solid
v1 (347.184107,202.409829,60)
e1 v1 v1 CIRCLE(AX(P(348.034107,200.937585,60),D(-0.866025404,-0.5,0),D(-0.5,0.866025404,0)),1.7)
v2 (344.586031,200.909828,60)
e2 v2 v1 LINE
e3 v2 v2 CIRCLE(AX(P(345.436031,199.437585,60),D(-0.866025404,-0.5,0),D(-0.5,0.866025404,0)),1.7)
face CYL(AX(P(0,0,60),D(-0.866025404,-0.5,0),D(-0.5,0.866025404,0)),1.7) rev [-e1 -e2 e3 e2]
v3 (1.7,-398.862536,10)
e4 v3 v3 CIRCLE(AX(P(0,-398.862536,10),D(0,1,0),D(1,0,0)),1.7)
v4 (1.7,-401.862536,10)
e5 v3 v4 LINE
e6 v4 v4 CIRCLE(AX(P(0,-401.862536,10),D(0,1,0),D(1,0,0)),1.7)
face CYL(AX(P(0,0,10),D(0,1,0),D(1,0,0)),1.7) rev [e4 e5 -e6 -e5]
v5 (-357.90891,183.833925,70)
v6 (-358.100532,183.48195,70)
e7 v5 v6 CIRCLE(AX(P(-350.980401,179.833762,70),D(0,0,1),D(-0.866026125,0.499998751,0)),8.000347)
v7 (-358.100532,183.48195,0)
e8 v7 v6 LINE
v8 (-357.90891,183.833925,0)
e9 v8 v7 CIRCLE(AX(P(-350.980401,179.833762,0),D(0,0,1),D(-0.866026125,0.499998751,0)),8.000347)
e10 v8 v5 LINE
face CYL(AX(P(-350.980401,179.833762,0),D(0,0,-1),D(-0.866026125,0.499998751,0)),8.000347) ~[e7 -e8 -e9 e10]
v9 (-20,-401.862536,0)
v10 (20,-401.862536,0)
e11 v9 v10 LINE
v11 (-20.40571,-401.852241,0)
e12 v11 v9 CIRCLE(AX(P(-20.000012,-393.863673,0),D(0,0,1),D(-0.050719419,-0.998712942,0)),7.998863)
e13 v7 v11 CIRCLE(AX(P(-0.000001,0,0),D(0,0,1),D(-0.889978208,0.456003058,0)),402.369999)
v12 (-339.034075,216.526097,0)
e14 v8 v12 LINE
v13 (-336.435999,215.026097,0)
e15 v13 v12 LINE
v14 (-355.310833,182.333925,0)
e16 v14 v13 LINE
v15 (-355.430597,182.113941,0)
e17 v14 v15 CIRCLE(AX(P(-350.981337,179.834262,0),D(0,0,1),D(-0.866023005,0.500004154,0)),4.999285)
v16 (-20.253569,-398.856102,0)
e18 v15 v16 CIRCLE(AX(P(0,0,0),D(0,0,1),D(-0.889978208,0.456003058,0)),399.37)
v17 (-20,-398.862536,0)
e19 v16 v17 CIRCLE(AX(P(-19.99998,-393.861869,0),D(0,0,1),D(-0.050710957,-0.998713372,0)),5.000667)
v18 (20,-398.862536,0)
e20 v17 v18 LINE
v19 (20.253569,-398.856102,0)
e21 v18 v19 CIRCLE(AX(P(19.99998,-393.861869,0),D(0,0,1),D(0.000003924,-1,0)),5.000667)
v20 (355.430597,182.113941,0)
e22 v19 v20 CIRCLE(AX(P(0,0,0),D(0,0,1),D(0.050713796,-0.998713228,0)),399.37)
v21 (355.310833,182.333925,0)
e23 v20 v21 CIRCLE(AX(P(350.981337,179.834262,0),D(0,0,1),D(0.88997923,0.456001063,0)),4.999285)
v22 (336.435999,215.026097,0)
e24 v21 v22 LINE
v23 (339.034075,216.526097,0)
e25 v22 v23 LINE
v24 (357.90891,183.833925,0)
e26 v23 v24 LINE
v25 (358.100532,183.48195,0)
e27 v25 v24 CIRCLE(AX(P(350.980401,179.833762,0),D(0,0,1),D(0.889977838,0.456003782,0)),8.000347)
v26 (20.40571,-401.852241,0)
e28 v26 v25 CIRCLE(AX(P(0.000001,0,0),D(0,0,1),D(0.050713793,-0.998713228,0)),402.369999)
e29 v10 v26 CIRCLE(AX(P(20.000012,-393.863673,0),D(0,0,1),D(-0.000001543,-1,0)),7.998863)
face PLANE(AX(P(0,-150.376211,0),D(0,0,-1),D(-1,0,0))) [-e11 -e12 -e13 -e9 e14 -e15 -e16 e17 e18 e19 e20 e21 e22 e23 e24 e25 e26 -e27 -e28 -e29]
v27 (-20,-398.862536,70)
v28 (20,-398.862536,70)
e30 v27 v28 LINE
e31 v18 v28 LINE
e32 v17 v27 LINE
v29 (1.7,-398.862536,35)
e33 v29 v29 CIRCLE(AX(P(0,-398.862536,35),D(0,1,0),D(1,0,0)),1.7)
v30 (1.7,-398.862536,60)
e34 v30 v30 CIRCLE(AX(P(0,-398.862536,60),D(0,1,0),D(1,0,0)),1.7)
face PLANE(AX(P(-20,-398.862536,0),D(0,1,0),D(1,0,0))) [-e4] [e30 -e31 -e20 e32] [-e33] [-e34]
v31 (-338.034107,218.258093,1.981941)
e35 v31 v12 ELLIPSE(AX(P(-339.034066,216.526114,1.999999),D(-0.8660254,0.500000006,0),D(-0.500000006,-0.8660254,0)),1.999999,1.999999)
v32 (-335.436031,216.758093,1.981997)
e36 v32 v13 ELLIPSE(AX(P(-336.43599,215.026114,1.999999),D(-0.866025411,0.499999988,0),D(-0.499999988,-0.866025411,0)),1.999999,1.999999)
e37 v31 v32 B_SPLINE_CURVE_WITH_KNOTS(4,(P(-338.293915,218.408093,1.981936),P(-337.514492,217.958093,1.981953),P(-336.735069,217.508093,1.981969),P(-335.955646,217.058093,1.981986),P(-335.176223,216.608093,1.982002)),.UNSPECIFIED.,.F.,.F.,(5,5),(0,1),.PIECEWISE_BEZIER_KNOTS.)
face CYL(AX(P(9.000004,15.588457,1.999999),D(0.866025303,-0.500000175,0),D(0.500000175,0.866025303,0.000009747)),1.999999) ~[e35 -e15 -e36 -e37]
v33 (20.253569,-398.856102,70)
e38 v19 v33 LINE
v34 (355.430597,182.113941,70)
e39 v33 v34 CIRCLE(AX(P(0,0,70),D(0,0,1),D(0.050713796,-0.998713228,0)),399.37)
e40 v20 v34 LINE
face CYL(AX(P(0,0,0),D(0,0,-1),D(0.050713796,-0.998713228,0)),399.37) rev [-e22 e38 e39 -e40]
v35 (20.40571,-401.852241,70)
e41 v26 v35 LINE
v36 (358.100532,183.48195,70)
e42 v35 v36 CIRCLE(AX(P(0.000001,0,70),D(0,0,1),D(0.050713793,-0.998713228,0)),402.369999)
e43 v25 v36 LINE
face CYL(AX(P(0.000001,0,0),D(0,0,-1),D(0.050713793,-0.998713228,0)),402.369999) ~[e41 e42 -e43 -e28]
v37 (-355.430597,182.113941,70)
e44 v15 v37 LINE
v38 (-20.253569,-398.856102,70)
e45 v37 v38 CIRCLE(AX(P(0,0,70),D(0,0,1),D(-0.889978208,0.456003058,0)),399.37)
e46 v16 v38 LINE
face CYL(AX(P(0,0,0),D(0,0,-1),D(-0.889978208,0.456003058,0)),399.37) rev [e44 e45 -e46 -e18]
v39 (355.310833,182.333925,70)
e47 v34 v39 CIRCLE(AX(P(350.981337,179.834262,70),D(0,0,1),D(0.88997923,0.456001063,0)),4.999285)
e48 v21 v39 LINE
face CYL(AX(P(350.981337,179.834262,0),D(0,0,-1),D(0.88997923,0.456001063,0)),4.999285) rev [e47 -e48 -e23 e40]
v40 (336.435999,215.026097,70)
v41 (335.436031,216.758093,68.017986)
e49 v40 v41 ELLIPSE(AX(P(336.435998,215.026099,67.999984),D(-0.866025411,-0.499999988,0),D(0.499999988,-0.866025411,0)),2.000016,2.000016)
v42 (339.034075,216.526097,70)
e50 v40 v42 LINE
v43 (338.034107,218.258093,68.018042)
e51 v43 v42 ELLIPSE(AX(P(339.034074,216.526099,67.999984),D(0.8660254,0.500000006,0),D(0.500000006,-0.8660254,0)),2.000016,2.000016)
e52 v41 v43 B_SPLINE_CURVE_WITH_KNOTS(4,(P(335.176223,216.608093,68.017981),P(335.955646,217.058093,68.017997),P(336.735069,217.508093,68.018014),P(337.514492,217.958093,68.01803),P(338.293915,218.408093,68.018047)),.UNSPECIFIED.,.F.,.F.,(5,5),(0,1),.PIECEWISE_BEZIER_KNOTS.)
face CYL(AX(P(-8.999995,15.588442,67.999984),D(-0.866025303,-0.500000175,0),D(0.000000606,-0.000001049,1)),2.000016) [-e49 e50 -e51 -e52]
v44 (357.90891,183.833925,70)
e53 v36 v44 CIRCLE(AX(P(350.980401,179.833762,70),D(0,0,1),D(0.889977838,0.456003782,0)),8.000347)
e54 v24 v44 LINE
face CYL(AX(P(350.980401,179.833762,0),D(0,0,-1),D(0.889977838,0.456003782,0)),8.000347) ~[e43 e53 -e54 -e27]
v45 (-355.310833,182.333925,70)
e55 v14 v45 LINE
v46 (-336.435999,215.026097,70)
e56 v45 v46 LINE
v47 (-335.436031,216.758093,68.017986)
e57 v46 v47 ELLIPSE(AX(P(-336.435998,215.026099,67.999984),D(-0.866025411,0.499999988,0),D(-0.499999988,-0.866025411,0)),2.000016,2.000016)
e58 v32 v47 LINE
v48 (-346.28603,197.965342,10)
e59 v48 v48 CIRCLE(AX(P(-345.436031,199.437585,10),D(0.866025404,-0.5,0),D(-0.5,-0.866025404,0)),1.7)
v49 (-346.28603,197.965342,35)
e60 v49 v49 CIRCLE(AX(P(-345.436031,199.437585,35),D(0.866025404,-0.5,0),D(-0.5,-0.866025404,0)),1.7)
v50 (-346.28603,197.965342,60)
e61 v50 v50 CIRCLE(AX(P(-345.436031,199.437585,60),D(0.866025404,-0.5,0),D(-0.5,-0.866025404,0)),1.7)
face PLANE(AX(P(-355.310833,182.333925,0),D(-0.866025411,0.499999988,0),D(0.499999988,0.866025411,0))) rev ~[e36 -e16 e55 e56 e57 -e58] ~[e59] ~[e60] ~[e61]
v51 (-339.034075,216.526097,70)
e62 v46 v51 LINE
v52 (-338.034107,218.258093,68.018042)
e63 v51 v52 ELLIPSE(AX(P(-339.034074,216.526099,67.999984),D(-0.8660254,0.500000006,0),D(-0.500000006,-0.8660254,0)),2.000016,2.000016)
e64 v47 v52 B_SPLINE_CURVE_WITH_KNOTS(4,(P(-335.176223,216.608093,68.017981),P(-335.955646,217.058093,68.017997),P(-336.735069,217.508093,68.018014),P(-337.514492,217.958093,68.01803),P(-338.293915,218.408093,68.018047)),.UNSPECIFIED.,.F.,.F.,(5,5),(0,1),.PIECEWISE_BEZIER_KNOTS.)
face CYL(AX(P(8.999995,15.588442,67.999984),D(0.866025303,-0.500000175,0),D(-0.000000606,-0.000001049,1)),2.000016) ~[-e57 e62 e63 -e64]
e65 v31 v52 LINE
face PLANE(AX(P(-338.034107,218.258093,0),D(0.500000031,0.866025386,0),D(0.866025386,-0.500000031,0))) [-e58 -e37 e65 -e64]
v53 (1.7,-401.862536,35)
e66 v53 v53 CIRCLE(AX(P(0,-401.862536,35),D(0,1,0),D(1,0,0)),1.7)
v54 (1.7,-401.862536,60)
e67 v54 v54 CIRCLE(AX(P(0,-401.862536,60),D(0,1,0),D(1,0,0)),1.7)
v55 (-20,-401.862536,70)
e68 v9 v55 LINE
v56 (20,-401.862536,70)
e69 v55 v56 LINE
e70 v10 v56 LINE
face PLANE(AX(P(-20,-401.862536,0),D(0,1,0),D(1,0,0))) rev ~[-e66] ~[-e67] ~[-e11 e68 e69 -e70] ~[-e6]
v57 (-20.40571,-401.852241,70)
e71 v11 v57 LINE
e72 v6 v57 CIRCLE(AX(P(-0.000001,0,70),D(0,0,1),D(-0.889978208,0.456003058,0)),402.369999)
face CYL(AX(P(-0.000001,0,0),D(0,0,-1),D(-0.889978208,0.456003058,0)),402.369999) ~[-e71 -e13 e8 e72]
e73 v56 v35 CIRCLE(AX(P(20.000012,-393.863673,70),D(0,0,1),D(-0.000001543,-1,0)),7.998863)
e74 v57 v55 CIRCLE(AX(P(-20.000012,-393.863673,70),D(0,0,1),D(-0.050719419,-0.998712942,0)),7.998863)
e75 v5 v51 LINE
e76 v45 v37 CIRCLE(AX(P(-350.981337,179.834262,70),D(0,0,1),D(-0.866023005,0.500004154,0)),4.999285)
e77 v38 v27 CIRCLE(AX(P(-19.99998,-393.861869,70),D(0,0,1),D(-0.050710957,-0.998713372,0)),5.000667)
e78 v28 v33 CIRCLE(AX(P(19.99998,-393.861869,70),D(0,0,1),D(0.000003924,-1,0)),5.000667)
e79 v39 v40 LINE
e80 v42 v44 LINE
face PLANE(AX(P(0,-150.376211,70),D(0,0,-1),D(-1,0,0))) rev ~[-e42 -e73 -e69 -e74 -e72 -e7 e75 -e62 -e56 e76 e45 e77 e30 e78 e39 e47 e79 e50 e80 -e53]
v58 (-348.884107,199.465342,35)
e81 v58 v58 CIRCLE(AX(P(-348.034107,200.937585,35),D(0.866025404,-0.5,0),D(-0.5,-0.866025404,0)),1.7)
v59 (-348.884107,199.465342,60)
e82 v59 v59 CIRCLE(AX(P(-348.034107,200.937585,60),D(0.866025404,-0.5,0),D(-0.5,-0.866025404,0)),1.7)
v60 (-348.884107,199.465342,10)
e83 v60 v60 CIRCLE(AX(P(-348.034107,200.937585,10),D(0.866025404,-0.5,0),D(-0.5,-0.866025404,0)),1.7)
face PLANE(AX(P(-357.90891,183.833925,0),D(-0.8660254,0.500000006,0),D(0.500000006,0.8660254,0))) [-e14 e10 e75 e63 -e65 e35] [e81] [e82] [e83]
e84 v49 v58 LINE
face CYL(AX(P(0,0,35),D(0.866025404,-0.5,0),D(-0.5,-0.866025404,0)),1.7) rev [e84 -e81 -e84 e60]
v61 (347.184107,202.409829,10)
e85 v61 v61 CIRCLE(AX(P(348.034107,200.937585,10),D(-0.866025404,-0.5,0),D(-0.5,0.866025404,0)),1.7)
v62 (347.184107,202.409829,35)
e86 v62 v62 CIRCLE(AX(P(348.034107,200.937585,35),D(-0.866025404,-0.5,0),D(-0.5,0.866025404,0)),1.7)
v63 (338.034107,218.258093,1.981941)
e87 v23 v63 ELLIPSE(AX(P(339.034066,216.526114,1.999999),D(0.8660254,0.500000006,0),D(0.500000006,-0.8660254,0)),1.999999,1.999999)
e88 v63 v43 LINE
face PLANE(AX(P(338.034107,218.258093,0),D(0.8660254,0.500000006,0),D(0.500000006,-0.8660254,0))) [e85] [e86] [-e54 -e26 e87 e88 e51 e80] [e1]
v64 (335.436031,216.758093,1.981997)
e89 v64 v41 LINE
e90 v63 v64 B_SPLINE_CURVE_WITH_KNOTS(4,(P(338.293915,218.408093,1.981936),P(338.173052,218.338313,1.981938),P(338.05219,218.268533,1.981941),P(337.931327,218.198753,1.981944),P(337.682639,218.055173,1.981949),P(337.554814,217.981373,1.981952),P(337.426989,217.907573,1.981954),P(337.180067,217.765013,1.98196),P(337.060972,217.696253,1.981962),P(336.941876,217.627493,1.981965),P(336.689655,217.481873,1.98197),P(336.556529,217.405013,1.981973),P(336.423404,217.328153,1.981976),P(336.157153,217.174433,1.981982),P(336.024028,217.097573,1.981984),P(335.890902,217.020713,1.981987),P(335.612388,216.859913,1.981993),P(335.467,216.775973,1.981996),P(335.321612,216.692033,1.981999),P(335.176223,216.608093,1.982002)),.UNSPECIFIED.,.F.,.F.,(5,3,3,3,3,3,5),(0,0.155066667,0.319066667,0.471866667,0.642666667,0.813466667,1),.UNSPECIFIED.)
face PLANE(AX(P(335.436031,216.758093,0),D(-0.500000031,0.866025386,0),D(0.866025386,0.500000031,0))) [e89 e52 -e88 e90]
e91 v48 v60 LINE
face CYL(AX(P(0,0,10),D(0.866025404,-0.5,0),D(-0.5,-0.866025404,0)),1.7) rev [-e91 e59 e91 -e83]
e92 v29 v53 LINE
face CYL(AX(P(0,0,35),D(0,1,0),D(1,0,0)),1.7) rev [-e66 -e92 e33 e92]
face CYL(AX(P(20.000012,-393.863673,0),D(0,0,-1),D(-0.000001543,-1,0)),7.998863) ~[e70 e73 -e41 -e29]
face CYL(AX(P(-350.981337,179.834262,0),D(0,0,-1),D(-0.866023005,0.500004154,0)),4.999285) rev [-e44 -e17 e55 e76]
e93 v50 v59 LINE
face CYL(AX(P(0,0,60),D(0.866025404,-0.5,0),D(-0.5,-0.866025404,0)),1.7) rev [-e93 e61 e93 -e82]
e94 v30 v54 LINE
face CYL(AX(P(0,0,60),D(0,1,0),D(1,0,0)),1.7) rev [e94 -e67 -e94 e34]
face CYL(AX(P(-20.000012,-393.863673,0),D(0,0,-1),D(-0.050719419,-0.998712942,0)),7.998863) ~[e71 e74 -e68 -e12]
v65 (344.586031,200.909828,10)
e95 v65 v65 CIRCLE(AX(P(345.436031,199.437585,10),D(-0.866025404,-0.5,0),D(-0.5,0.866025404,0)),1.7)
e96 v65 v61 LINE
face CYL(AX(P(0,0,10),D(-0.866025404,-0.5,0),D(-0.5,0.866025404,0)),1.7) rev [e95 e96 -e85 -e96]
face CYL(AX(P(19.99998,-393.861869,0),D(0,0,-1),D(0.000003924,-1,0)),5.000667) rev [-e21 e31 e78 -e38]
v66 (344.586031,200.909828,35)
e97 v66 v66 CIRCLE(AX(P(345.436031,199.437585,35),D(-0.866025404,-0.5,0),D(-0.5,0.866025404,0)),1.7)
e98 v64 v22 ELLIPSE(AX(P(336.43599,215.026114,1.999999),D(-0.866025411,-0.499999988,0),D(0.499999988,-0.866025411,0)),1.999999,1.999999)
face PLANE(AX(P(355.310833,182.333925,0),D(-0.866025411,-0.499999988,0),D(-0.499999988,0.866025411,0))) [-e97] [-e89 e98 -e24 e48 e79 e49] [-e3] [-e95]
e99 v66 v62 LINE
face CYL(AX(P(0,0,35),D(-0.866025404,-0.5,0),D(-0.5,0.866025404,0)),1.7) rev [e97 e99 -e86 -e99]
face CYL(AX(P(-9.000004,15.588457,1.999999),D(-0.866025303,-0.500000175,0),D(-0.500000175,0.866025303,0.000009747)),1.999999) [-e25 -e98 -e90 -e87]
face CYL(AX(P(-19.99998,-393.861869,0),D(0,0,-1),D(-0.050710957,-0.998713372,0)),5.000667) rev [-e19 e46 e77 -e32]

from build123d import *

# Parameters (mm, degrees)
PAD001_DEPTH          = 70
SKETCH007_R           = 1.7
POCKET002_DEPTH       = 2438.582526
POLARPATTERN001_COUNT = 3
POCKET003_DEPTH       = 2494.311679


with BuildPart() as part:
    # Sketch006 → Pad001 (new body)
    with BuildSketch(Plane.XY):
        with BuildLine():
            ThreePointArc((20.253569, -398.856102), (345.928021, -199.575052), (355.430597, 182.113941))
            ThreePointArc((355.430597, 182.113941), (355.372093, 182.224683), (355.310833, 182.333925))
            Line((355.310833, 182.333925), (335.436031, 216.758093))
            Line((335.436031, 216.758093), (338.034107, 218.258093))
            Line((338.034107, 218.258093), (357.90891, 183.833925))
            ThreePointArc((358.100532, 183.48195), (358.006925, 183.659138), (357.90891, 183.833925))
            ThreePointArc((20.40571, -401.852241), (348.526574, -201.074226), (358.100532, 183.48195))
            ThreePointArc((20, -401.862536), (20.20292, -401.859962), (20.40571, -401.852241))
            Line((-20, -401.862536), (20, -401.862536))
            ThreePointArc((-20.40571, -401.852241), (-20.20292, -401.859962), (-20, -401.862536))
            ThreePointArc((-358.100532, 183.48195), (-348.526574, -201.074226), (-20.40571, -401.852241))
            ThreePointArc((-357.90891, 183.833925), (-358.006925, 183.659138), (-358.100532, 183.48195))
            Line((-357.90891, 183.833925), (-338.034107, 218.258093))
            Line((-338.034107, 218.258093), (-335.436031, 216.758093))
            Line((-355.310833, 182.333925), (-335.436031, 216.758093))
            ThreePointArc((-355.310833, 182.333925), (-355.372093, 182.224683), (-355.430597, 182.113941))
            ThreePointArc((-355.430597, 182.113941), (-345.928021, -199.575052), (-20.253569, -398.856102))
            ThreePointArc((-20.253569, -398.856102), (-20.126825, -398.860927), (-20, -398.862536))
            Line((-20, -398.862536), (20, -398.862536))
            ThreePointArc((20, -398.862536), (20.126825, -398.860927), (20.253569, -398.856102))
        make_face()
    extrude(amount=PAD001_DEPTH)

    # Sketch007 → Pocket002 (cut, through all)
    with BuildSketch(Plane.XZ):
        with Locations((0, 35)):
            Circle(SKETCH007_R)
        with Locations((0, 60)):
            Circle(SKETCH007_R)
        with Locations((0, 10)):
            Circle(SKETCH007_R)
    pocket002 = extrude(amount=POCKET002_DEPTH, mode=Mode.SUBTRACT)

    # PolarPattern001: Pocket002 ×3 about axis
    polarpattern001_axis = Axis((0, 0, 0), (0, 0, 1))
    for i in range(1, POLARPATTERN001_COUNT):
        add(pocket002.rotate(polarpattern001_axis, i * 360 / POLARPATTERN001_COUNT), mode=Mode.SUBTRACT)

    # Sketch008 → Pocket003 (cut, through all)
    with BuildSketch(Plane(origin=(0, 0, 0), x_dir=(0.5, -0.866025, 0), z_dir=(-0.866025, -0.5, 0))):
        with BuildLine():
            ThreePointArc((-20, 2.000018), (-19.414214, 0.585786), (-17.999982, 0))
            Line((-20, 0), (-17.999982, 0))
            Line((-20, 2.000018), (-20, 0))
        make_face()
        with BuildLine():
            ThreePointArc((-17.999982, 70), (-19.414209, 69.414209), (-20, 67.999982))
            Line((-20, 67.999982), (-20, 70))
            Line((-20, 70), (-17.999982, 70))
        make_face()
    pocket003 = extrude(amount=-POCKET003_DEPTH, mode=Mode.SUBTRACT)

    # Mirrored002: Pocket003 across YZ
    add(pocket003.mirror(Plane.YZ), mode=Mode.SUBTRACT)


solid = part.part
